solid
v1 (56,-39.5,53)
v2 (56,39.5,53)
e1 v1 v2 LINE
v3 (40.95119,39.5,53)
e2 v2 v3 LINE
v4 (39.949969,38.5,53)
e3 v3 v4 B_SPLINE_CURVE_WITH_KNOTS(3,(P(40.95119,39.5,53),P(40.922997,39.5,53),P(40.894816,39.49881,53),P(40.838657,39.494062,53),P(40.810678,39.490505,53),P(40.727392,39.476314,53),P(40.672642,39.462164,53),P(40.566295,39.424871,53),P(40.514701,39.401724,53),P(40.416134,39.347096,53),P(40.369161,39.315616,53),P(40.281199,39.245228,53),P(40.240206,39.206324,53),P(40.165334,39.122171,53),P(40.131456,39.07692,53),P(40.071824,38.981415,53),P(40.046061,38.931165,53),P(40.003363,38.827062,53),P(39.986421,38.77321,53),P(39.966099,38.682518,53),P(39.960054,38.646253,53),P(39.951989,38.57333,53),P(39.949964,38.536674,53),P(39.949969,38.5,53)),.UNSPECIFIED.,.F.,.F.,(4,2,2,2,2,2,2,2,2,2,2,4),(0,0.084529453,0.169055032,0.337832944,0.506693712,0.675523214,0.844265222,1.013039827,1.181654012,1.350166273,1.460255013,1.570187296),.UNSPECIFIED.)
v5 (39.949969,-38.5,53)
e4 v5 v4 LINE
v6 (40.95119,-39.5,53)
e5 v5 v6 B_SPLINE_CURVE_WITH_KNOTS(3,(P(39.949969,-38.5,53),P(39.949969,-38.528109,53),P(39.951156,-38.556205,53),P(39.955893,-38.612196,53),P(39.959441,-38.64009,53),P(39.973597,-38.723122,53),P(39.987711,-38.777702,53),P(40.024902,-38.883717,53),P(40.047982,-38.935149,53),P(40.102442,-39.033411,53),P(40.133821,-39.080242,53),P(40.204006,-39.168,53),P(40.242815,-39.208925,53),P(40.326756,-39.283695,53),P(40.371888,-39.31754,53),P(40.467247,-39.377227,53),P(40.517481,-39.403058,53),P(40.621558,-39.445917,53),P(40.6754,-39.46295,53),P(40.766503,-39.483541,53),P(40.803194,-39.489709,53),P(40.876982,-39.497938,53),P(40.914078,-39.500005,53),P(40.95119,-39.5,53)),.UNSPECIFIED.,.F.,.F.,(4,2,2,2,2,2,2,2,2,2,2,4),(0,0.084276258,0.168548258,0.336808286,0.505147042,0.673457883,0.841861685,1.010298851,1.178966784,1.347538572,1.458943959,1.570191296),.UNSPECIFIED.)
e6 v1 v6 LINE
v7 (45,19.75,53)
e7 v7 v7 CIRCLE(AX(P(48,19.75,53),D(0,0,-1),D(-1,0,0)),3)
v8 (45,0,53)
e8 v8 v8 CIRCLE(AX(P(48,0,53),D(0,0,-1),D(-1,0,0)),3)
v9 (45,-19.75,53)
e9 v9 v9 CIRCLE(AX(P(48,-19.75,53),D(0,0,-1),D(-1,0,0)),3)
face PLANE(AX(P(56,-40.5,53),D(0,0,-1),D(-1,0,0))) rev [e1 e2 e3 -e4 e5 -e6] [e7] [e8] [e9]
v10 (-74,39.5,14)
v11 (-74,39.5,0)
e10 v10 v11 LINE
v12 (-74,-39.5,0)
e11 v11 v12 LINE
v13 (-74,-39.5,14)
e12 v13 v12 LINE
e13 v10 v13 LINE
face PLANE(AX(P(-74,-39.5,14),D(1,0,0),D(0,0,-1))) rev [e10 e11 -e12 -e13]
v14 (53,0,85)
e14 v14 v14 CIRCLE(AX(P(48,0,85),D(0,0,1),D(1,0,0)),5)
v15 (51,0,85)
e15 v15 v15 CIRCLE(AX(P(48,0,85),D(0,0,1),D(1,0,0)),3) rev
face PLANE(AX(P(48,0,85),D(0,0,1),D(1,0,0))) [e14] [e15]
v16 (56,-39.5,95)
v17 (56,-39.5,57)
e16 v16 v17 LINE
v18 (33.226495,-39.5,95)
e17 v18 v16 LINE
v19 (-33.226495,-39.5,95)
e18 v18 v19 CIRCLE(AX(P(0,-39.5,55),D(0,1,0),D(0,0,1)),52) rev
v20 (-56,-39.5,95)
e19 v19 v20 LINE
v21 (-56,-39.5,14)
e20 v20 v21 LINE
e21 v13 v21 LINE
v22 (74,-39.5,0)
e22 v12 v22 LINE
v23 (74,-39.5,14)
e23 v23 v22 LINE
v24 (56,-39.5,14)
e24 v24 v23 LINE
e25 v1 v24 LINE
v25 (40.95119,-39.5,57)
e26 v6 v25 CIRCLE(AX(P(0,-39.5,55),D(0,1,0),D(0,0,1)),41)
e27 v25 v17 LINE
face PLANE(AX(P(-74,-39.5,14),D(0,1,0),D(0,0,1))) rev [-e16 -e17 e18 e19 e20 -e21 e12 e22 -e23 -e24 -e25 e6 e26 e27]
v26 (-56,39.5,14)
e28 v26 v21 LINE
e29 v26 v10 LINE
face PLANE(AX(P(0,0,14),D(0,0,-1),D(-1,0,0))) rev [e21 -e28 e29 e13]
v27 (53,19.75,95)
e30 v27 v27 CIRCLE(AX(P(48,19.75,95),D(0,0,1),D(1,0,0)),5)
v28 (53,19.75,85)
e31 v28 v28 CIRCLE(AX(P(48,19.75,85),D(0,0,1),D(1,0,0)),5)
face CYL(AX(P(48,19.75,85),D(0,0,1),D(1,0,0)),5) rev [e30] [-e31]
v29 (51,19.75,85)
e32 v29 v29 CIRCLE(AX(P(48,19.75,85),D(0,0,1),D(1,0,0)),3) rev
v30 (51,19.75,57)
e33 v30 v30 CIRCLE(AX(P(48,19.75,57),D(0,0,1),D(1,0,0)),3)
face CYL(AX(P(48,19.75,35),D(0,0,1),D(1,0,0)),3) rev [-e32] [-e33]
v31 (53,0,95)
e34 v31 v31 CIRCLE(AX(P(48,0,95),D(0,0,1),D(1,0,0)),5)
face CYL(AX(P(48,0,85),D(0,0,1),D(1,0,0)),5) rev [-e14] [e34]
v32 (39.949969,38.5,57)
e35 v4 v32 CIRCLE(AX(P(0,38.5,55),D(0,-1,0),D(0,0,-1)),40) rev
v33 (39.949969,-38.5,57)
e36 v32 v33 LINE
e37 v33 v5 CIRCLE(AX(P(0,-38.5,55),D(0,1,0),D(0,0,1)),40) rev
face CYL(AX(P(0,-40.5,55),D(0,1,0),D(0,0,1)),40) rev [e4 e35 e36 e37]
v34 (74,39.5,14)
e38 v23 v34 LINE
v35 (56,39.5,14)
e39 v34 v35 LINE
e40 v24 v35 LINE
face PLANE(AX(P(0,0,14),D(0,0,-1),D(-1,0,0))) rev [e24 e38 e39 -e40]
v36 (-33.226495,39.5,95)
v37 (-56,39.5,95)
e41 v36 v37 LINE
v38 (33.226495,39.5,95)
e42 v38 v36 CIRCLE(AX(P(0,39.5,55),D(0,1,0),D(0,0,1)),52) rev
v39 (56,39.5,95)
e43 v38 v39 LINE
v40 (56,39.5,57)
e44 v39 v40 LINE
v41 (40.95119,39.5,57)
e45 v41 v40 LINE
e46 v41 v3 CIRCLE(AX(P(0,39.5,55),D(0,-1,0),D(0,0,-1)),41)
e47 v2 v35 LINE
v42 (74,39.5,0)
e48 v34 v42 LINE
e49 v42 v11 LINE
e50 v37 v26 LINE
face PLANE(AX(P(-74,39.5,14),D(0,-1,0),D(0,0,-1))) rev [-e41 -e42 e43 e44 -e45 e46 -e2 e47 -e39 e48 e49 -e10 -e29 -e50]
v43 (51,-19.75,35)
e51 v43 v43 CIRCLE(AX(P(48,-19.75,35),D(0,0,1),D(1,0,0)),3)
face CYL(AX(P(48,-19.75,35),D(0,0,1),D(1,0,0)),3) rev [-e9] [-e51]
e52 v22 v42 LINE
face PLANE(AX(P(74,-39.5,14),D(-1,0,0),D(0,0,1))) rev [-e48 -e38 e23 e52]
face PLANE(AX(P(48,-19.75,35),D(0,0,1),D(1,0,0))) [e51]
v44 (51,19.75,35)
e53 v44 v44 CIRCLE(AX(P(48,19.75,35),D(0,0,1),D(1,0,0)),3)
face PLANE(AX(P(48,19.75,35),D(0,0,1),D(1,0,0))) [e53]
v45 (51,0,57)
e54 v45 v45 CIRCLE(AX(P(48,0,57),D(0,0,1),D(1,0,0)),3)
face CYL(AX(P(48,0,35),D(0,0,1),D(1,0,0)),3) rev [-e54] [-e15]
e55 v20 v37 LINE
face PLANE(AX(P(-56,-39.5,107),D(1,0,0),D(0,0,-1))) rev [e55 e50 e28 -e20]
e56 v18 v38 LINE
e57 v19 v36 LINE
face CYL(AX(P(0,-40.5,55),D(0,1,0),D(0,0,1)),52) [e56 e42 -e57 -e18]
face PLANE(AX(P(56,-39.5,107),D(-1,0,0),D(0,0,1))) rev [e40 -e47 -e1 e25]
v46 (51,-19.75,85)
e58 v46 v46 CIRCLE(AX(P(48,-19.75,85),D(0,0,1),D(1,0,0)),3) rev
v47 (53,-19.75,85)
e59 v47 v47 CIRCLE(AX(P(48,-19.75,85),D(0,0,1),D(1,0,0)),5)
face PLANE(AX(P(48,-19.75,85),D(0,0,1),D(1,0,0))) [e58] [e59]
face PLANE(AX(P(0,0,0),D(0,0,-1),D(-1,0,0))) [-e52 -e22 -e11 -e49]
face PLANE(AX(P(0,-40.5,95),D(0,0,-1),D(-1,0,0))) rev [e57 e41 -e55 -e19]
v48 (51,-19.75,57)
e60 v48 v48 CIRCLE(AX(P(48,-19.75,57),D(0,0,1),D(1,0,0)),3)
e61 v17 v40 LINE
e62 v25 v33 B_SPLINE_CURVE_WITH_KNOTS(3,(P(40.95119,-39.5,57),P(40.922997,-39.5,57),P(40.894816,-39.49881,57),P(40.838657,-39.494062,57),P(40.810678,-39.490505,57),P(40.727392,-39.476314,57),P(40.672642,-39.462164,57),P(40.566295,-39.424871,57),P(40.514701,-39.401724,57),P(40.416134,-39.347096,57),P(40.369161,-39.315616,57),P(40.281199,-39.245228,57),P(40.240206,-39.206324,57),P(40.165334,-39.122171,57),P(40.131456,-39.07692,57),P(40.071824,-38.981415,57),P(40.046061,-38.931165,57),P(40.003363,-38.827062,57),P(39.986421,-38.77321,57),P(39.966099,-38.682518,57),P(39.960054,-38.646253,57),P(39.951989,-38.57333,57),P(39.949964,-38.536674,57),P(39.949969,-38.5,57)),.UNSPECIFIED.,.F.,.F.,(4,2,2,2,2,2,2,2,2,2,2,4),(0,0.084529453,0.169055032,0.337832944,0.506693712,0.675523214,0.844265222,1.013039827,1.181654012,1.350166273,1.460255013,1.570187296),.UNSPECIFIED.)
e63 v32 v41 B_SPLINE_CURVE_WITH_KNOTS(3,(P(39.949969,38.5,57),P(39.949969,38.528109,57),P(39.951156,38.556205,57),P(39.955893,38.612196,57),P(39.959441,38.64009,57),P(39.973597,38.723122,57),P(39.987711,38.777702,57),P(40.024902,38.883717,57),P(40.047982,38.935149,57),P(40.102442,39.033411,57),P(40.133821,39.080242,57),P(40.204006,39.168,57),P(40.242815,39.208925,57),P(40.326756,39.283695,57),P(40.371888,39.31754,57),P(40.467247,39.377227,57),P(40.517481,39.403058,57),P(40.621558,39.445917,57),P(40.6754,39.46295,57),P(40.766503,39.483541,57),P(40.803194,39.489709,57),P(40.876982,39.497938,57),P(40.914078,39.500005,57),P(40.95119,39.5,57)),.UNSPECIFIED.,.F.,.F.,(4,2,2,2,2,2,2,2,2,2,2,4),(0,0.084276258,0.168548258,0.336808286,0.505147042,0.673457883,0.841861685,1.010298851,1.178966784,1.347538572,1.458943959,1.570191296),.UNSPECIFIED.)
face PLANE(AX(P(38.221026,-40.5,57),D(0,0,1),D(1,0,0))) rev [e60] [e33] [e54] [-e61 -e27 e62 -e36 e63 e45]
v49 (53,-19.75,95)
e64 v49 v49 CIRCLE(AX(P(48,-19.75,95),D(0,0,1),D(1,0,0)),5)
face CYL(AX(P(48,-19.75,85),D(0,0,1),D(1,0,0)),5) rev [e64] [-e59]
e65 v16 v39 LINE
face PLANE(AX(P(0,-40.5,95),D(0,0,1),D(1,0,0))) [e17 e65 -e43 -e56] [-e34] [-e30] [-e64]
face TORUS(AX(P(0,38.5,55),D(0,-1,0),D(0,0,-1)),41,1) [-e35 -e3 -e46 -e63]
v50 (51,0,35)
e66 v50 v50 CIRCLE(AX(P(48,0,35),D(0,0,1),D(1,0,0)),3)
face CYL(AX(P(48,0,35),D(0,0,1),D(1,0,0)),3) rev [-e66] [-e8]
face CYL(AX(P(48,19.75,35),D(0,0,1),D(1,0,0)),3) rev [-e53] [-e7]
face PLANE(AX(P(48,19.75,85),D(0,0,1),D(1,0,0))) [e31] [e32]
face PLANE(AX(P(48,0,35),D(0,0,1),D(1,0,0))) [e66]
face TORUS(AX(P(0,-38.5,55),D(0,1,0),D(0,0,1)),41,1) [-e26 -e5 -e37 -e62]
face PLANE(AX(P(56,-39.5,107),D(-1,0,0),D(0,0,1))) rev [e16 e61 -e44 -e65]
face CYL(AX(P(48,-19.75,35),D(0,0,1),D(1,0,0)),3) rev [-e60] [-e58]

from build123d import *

# Parameters (mm, degrees)
SKETCH1_W           = 148
SKETCH1_H           = 79
BOSS_EXTRUDE1_DEPTH = 14
SKETCH2_W           = 112
SKETCH2_H           = 79
BOSS_EXTRUDE2_DEPTH = 93
SKETCH3_R           = 40
CUT_EXTRUDE1_DEPTH  = 80
CUT_EXTRUDE2_DEPTH  = 80
CUT_EXTRUDE4_DEPTH  = 80
SKETCH9_R           = 3
CUT_EXTRUDE5_DEPTH  = 60
SKETCH10_R          = 5
CUT_EXTRUDE6_DEPTH  = 10
FILLET1_R           = 1


with BuildPart() as part:
    # Sketch1 → Boss-Extrude1 (new body)
    with BuildSketch(Plane.XY):
        Rectangle(SKETCH1_W, SKETCH1_H)
    extrude(amount=BOSS_EXTRUDE1_DEPTH)

    # Sketch2 → Boss-Extrude2 (add)
    with BuildSketch(Plane.XY.offset(14)):
        Rectangle(SKETCH2_W, SKETCH2_H)
    extrude(amount=BOSS_EXTRUDE2_DEPTH)

    # Sketch3 → Cut-Extrude1 (cut)
    with BuildSketch(Plane(origin=(0, 39.5, 0), x_dir=(1, 0, 0), z_dir=(0, 1, 0))):
        with Locations(Location((0, -55, 0), (0, 0, 270))):
            Circle(SKETCH3_R)
    extrude(amount=-CUT_EXTRUDE1_DEPTH, mode=Mode.SUBTRACT)

    # Sketch6 → Cut-Extrude2 (cut)
    with BuildSketch(Plane(origin=(0, 39.5, 0), x_dir=(1, 0, 0), z_dir=(0, 1, 0))):
        with BuildLine():
            ThreePointArc((0, -107), (-17.663521733, -103.908077043), (-33.226495452, -95))
            Line((-33.226495452, -95), (-56, -95))
            Line((-56, -95), (-56, -107))
            Line((-56, -107), (0, -107))
        make_face()
        with BuildLine():
            ThreePointArc((33.226495452, -95), (17.663521733, -103.908077043), (0, -107))
            Line((0, -107), (56, -107))
            Line((56, -107), (56, -95))
            Line((56, -95), (33.226495452, -95))
        make_face()
    extrude(amount=-CUT_EXTRUDE2_DEPTH, mode=Mode.SUBTRACT)

    # Sketch8 → Cut-Extrude4 (cut)
    with BuildSketch(Plane(origin=(0, 39.5, 0), x_dir=(1, 0, 0), z_dir=(0, 1, 0))):
        Polygon((56, -55), (56, -57), (38.221026174, -57), (38.221026174, -53), (56, -53), align=None)
    extrude(amount=-CUT_EXTRUDE4_DEPTH, mode=Mode.SUBTRACT)

    # Sketch9 → Cut-Extrude5 (cut)
    with BuildSketch(Plane.XY.offset(95)):
        with Locations((48, 19.75)):
            Circle(SKETCH9_R)
        with Locations((48, 0)):
            Circle(SKETCH9_R)
        with Locations((48, -19.75)):
            Circle(SKETCH9_R)
    extrude(amount=-CUT_EXTRUDE5_DEPTH, mode=Mode.SUBTRACT)

    # Sketch10 → Cut-Extrude6 (cut)
    with BuildSketch(Plane.XY.offset(95)):
        with Locations((48, 19.75)):
            Circle(SKETCH10_R)
        with Locations((48, 0)):
            Circle(SKETCH10_R)
        with Locations((48, -19.75)):
            Circle(SKETCH10_R)
    extrude(amount=-CUT_EXTRUDE6_DEPTH, mode=Mode.SUBTRACT)

    # Fillet1
    fillet1_edges = [part.edges().sort_by_distance(p)[0] for p in [
        (-28.982753492, 39.5, 27.431902496),
        (-28.982753492, -39.5, 27.431902496),
    ]]
    fillet(fillet1_edges, radius=FILLET1_R)


solid = part.part
